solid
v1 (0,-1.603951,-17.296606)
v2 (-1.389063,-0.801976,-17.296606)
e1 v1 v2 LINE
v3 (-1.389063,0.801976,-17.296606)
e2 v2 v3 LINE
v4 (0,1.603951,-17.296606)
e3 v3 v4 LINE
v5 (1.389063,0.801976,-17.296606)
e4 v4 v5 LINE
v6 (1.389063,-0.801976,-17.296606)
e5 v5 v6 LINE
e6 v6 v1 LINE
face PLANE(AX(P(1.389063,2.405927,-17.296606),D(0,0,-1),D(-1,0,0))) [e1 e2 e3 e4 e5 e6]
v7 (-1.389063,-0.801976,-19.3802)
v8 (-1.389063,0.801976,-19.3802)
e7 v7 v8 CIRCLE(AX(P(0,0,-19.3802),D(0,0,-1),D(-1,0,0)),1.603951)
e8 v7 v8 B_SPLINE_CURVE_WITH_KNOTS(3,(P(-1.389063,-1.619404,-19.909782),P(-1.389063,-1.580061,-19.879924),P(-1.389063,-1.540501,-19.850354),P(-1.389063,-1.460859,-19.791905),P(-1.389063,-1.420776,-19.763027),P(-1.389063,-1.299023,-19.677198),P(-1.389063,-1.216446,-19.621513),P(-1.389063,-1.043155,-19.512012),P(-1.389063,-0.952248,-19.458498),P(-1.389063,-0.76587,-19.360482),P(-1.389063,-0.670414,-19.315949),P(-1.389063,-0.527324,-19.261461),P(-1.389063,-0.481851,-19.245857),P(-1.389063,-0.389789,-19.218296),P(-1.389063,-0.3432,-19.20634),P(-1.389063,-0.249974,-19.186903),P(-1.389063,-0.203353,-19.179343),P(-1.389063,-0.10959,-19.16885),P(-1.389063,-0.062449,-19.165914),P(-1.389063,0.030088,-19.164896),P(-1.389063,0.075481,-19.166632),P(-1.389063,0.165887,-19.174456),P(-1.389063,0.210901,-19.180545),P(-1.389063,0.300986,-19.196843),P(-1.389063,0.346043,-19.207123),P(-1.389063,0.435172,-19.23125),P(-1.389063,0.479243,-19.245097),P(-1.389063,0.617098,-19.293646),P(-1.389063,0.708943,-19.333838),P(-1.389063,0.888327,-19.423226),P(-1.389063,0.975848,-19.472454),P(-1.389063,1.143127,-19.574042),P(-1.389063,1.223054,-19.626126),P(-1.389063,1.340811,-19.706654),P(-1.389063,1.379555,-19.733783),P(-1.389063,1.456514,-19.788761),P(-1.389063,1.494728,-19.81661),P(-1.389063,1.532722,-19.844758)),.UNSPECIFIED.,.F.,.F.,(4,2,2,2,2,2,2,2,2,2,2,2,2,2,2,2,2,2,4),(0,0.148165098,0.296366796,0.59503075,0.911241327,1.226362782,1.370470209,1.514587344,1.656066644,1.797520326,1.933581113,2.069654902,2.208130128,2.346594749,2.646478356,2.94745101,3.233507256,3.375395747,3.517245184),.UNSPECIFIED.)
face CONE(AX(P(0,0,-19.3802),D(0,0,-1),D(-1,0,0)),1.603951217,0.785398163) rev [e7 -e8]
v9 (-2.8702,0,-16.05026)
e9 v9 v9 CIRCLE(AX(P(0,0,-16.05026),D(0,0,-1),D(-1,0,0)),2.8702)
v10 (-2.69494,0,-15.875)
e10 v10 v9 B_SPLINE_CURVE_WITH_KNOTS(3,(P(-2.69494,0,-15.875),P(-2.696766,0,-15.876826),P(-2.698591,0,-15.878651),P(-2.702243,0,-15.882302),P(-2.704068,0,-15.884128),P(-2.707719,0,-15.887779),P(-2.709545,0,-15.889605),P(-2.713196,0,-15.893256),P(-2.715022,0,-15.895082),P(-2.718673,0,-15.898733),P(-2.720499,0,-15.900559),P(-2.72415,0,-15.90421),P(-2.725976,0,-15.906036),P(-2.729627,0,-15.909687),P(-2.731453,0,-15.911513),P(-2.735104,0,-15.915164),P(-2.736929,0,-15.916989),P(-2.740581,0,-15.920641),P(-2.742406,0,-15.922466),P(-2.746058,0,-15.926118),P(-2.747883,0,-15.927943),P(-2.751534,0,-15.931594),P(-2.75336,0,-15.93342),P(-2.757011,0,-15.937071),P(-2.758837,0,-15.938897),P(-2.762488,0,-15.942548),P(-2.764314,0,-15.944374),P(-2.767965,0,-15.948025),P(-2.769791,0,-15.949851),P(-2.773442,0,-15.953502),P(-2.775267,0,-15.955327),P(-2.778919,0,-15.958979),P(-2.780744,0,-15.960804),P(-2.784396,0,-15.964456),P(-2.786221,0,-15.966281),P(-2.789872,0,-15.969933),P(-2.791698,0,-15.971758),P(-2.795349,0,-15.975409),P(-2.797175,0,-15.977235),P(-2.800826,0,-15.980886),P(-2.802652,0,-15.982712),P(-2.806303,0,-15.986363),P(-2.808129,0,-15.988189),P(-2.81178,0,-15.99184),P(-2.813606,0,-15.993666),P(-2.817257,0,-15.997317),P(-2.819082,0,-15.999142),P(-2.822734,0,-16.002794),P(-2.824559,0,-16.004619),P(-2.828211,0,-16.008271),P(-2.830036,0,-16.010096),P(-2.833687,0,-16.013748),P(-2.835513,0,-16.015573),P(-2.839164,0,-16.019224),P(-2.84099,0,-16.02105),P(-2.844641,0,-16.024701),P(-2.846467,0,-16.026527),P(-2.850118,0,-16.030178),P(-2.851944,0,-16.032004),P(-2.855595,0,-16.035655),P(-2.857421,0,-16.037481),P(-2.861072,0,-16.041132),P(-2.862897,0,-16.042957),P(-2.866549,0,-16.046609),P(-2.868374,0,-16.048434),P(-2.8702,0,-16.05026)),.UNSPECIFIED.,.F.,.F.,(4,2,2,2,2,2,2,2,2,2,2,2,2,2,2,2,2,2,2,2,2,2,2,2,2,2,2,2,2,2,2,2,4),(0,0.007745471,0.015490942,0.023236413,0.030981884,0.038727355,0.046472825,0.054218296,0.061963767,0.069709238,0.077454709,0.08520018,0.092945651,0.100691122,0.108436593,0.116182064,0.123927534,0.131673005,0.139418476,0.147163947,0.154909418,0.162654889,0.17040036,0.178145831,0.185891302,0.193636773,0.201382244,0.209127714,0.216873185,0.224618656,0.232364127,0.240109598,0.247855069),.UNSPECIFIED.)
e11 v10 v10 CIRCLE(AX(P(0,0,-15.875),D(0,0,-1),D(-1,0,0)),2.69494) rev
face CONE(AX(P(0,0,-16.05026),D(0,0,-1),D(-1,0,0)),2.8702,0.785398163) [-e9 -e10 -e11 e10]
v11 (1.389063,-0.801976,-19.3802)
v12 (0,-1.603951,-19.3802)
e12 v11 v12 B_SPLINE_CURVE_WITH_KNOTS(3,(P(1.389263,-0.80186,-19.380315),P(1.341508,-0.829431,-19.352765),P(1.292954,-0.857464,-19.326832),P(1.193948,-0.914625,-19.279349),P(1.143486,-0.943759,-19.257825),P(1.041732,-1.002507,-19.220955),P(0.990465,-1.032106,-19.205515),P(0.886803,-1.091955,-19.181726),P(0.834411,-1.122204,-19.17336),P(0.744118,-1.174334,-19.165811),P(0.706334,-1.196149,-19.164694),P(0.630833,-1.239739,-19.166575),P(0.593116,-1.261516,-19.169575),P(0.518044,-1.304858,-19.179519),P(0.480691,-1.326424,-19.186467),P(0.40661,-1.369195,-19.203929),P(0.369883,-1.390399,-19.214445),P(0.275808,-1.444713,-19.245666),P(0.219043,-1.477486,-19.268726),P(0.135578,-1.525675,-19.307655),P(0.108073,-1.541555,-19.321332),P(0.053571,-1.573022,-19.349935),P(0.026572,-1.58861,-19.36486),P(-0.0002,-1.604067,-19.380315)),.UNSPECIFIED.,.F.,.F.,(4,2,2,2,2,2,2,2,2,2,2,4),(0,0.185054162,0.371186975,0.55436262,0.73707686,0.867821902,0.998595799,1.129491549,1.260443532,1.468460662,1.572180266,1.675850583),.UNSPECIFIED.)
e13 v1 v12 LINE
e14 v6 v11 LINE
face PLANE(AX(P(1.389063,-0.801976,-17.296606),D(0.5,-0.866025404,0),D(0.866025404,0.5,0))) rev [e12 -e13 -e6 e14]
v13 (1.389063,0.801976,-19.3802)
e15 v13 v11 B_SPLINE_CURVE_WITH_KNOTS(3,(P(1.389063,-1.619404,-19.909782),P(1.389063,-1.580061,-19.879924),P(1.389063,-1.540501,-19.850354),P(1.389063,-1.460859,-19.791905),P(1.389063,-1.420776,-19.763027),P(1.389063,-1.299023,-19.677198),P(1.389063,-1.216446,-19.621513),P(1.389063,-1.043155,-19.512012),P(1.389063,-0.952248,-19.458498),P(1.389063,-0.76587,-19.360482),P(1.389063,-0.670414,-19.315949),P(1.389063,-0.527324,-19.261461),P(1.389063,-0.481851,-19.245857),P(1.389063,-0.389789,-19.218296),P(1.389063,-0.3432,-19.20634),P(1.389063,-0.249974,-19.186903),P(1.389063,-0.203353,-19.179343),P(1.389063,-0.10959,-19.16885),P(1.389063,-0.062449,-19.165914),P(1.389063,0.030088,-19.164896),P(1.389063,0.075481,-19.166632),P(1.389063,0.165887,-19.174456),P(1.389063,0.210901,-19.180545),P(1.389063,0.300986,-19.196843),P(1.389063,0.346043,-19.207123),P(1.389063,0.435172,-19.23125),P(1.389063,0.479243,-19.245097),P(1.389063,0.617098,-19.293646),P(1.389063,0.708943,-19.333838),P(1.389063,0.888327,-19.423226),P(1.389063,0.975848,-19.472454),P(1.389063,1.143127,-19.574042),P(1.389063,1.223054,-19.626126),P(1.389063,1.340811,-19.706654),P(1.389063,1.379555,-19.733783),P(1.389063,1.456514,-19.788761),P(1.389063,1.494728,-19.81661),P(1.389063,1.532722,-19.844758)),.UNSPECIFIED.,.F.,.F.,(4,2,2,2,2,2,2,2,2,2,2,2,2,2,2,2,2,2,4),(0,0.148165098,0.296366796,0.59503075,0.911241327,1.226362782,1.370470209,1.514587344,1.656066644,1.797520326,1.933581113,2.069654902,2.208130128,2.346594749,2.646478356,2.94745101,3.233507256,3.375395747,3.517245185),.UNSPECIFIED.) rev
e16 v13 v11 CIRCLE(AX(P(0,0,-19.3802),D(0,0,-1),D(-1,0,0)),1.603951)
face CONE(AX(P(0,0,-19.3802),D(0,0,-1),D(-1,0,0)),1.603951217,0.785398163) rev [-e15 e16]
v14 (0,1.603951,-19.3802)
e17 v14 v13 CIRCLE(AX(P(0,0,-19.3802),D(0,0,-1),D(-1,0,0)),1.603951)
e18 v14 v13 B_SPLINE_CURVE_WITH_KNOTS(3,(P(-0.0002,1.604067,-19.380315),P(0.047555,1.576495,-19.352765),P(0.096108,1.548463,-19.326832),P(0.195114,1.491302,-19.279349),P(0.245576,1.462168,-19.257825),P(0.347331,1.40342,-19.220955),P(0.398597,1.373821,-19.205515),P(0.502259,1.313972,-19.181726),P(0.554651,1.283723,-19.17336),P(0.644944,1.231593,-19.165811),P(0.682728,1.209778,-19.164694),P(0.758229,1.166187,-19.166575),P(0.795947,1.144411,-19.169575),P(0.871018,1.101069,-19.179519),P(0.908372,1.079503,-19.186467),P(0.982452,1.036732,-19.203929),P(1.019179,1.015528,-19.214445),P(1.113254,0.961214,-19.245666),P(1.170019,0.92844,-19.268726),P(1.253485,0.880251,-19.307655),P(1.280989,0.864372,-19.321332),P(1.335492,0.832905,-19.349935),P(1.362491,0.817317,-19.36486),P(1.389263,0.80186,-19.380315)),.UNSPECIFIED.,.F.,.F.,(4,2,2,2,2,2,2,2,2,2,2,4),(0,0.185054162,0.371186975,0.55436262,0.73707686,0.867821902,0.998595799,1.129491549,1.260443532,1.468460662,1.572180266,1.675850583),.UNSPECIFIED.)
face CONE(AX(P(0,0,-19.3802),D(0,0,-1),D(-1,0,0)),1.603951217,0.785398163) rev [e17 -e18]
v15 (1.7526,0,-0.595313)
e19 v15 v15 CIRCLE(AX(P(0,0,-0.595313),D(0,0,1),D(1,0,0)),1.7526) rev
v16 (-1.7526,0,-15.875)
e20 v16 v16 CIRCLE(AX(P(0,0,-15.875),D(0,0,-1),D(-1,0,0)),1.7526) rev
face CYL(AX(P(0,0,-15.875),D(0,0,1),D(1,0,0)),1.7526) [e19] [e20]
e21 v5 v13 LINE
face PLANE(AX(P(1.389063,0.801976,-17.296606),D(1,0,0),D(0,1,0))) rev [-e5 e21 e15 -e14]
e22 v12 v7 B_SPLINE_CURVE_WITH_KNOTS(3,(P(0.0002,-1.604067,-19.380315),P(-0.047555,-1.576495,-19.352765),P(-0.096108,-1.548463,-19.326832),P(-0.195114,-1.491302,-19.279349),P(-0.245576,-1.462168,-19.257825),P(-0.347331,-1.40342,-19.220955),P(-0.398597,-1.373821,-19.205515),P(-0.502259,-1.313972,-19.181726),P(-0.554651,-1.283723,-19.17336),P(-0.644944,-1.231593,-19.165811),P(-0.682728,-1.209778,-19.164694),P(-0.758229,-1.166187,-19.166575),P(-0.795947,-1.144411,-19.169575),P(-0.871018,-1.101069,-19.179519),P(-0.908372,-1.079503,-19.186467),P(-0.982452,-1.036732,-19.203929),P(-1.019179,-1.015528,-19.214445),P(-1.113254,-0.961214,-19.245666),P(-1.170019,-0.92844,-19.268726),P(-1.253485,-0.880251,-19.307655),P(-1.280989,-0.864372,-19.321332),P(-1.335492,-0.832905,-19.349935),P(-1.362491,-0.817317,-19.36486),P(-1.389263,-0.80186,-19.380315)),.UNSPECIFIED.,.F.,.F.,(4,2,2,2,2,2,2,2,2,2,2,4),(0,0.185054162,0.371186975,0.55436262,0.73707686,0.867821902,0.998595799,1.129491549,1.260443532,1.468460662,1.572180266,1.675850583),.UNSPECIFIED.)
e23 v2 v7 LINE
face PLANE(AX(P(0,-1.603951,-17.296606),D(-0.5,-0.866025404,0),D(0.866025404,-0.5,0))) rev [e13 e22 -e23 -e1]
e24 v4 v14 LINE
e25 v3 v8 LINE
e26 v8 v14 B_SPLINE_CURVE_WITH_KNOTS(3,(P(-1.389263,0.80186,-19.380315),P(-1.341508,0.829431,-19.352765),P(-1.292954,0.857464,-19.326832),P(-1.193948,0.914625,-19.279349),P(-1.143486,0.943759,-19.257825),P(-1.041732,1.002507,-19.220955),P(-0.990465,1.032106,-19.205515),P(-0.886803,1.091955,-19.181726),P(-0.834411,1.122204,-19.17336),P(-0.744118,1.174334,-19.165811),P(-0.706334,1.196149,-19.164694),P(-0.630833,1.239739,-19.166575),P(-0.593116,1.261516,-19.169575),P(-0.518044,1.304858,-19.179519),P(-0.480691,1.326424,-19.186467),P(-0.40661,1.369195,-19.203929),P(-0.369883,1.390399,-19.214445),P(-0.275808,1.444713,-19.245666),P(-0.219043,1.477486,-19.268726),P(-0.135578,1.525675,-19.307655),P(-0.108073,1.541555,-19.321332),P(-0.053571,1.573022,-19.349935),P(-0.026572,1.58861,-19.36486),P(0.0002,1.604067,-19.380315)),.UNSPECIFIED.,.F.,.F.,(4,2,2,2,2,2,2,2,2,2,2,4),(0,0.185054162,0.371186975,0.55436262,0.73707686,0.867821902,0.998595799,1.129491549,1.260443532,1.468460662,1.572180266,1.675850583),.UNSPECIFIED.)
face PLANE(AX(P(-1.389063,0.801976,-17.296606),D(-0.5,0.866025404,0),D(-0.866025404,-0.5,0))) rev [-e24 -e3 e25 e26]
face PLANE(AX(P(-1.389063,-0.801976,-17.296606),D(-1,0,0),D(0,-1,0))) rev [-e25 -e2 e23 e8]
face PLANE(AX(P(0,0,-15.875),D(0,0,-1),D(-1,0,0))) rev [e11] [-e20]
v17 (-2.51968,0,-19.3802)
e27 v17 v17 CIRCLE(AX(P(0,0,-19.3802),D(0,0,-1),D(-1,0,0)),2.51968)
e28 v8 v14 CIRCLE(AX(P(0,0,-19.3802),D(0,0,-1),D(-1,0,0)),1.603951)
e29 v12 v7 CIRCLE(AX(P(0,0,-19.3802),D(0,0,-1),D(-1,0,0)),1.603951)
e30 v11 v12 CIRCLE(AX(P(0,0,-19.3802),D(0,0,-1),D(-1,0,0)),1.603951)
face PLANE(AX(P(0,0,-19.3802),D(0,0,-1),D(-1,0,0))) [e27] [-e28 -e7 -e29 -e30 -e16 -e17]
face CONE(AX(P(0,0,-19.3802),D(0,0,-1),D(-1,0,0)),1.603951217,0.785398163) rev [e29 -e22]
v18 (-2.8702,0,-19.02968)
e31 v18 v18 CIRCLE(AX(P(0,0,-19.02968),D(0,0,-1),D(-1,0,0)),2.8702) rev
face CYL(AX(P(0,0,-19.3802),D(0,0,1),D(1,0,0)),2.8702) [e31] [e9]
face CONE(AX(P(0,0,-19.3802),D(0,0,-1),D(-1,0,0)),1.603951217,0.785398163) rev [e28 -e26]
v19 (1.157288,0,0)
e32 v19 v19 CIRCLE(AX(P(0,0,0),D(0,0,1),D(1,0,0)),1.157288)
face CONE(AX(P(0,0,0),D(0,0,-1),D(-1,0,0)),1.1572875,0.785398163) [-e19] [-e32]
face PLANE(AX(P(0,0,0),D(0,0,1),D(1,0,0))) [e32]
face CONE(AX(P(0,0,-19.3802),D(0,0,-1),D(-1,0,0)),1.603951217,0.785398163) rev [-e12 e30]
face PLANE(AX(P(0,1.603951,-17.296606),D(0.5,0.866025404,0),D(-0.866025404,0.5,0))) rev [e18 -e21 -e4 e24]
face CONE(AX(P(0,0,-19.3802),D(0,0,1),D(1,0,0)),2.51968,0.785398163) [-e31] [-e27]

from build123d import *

# Parameters (mm, degrees)
SKETCH1_R          = 1.7526
EXTRUDE1_DEPTH     = 15.875
CHAMFER3_SIZE      = 0.5953125
SKETCH6_R          = 2.8702
EXTRUDE2_DEPTH     = 3.5052
CUT_EXTRUDE1_DEPTH = 2.08359375
SKETCH8_R          = 1.603951217
CUT_EXTRUDE2_DEPTH = 0.35052
CUT_EXTRUDE2_DRAFT = -45
CHAMFER1_SIZE      = 0.35052
CHAMFER2_SIZE      = 0.17526


with BuildPart() as part:
    # Sketch1 → Extrude1 (new body)
    with BuildSketch(Plane.XY):
        Circle(SKETCH1_R)
    extrude(amount=-EXTRUDE1_DEPTH)

    # Chamfer3
    chamfer3_edges = [part.edges().sort_by_distance(p)[0] for p in [
        (-1.7526, 0, 0),
    ]]
    chamfer(chamfer3_edges, length=CHAMFER3_SIZE)

    # Sketch6 → Extrude2 (add)
    with BuildSketch(Plane(origin=(0, 0, -15.875), x_dir=(-1, 0, 0), z_dir=(0, 0, -1))):
        Circle(SKETCH6_R)
    extrude(amount=EXTRUDE2_DEPTH)

    # Sketch7 → Cut-Extrude1 (cut)
    with BuildSketch(Plane(origin=(0, 0, -19.3802), x_dir=(-1, 0, 0), z_dir=(0, 0, -1))):
        Polygon((0, 1.603951217), (-1.3890625, 0.801975608), (-1.3890625, -0.801975608), (0, -1.603951217), (1.3890625, -0.801975608), (1.3890625, 0.801975608), align=None)
    extrude(amount=-CUT_EXTRUDE1_DEPTH, mode=Mode.SUBTRACT)


with BuildPart() as cut_extrude2_tool:
    # Sketch8 → Cut-Extrude2 (with draft: the straight prism first)
    with BuildSketch(Plane(origin=(0, 0, -19.3802), x_dir=(-1, 0, 0), z_dir=(0, 0, -1))):
        Circle(SKETCH8_R)
    extrude(amount=-CUT_EXTRUDE2_DEPTH)
    # Cut-Extrude2: the draft: its side faces are tilted about the plane it starts from
    cut_extrude2_sides = [cut_extrude2_tool.faces().sort_by_distance(p)[0] for p in [
        (1.603951217, 0, -19.20494),
    ]]
    draft(cut_extrude2_sides, Plane(origin=(0, 0, -19.3802), x_dir=(-1, 0, 0), z_dir=(0, 0, -1)), CUT_EXTRUDE2_DRAFT)


with BuildPart() as part_1:
    add(part.part)

    # Cut-Extrude2: cut by cut_extrude2_tool
    add(cut_extrude2_tool.part, mode=Mode.SUBTRACT)

    # Chamfer1
    chamfer1_edges = [part_1.edges().sort_by_distance(p)[0] for p in [
        (2.8702, 0, -19.3802),
    ]]
    chamfer(chamfer1_edges, length=CHAMFER1_SIZE)

    # Chamfer2
    chamfer2_edges = [part_1.edges().sort_by_distance(p)[0] for p in [
        (2.8702, 0, -15.875),
    ]]
    chamfer(chamfer2_edges, length=CHAMFER2_SIZE)


solid = part_1.part
